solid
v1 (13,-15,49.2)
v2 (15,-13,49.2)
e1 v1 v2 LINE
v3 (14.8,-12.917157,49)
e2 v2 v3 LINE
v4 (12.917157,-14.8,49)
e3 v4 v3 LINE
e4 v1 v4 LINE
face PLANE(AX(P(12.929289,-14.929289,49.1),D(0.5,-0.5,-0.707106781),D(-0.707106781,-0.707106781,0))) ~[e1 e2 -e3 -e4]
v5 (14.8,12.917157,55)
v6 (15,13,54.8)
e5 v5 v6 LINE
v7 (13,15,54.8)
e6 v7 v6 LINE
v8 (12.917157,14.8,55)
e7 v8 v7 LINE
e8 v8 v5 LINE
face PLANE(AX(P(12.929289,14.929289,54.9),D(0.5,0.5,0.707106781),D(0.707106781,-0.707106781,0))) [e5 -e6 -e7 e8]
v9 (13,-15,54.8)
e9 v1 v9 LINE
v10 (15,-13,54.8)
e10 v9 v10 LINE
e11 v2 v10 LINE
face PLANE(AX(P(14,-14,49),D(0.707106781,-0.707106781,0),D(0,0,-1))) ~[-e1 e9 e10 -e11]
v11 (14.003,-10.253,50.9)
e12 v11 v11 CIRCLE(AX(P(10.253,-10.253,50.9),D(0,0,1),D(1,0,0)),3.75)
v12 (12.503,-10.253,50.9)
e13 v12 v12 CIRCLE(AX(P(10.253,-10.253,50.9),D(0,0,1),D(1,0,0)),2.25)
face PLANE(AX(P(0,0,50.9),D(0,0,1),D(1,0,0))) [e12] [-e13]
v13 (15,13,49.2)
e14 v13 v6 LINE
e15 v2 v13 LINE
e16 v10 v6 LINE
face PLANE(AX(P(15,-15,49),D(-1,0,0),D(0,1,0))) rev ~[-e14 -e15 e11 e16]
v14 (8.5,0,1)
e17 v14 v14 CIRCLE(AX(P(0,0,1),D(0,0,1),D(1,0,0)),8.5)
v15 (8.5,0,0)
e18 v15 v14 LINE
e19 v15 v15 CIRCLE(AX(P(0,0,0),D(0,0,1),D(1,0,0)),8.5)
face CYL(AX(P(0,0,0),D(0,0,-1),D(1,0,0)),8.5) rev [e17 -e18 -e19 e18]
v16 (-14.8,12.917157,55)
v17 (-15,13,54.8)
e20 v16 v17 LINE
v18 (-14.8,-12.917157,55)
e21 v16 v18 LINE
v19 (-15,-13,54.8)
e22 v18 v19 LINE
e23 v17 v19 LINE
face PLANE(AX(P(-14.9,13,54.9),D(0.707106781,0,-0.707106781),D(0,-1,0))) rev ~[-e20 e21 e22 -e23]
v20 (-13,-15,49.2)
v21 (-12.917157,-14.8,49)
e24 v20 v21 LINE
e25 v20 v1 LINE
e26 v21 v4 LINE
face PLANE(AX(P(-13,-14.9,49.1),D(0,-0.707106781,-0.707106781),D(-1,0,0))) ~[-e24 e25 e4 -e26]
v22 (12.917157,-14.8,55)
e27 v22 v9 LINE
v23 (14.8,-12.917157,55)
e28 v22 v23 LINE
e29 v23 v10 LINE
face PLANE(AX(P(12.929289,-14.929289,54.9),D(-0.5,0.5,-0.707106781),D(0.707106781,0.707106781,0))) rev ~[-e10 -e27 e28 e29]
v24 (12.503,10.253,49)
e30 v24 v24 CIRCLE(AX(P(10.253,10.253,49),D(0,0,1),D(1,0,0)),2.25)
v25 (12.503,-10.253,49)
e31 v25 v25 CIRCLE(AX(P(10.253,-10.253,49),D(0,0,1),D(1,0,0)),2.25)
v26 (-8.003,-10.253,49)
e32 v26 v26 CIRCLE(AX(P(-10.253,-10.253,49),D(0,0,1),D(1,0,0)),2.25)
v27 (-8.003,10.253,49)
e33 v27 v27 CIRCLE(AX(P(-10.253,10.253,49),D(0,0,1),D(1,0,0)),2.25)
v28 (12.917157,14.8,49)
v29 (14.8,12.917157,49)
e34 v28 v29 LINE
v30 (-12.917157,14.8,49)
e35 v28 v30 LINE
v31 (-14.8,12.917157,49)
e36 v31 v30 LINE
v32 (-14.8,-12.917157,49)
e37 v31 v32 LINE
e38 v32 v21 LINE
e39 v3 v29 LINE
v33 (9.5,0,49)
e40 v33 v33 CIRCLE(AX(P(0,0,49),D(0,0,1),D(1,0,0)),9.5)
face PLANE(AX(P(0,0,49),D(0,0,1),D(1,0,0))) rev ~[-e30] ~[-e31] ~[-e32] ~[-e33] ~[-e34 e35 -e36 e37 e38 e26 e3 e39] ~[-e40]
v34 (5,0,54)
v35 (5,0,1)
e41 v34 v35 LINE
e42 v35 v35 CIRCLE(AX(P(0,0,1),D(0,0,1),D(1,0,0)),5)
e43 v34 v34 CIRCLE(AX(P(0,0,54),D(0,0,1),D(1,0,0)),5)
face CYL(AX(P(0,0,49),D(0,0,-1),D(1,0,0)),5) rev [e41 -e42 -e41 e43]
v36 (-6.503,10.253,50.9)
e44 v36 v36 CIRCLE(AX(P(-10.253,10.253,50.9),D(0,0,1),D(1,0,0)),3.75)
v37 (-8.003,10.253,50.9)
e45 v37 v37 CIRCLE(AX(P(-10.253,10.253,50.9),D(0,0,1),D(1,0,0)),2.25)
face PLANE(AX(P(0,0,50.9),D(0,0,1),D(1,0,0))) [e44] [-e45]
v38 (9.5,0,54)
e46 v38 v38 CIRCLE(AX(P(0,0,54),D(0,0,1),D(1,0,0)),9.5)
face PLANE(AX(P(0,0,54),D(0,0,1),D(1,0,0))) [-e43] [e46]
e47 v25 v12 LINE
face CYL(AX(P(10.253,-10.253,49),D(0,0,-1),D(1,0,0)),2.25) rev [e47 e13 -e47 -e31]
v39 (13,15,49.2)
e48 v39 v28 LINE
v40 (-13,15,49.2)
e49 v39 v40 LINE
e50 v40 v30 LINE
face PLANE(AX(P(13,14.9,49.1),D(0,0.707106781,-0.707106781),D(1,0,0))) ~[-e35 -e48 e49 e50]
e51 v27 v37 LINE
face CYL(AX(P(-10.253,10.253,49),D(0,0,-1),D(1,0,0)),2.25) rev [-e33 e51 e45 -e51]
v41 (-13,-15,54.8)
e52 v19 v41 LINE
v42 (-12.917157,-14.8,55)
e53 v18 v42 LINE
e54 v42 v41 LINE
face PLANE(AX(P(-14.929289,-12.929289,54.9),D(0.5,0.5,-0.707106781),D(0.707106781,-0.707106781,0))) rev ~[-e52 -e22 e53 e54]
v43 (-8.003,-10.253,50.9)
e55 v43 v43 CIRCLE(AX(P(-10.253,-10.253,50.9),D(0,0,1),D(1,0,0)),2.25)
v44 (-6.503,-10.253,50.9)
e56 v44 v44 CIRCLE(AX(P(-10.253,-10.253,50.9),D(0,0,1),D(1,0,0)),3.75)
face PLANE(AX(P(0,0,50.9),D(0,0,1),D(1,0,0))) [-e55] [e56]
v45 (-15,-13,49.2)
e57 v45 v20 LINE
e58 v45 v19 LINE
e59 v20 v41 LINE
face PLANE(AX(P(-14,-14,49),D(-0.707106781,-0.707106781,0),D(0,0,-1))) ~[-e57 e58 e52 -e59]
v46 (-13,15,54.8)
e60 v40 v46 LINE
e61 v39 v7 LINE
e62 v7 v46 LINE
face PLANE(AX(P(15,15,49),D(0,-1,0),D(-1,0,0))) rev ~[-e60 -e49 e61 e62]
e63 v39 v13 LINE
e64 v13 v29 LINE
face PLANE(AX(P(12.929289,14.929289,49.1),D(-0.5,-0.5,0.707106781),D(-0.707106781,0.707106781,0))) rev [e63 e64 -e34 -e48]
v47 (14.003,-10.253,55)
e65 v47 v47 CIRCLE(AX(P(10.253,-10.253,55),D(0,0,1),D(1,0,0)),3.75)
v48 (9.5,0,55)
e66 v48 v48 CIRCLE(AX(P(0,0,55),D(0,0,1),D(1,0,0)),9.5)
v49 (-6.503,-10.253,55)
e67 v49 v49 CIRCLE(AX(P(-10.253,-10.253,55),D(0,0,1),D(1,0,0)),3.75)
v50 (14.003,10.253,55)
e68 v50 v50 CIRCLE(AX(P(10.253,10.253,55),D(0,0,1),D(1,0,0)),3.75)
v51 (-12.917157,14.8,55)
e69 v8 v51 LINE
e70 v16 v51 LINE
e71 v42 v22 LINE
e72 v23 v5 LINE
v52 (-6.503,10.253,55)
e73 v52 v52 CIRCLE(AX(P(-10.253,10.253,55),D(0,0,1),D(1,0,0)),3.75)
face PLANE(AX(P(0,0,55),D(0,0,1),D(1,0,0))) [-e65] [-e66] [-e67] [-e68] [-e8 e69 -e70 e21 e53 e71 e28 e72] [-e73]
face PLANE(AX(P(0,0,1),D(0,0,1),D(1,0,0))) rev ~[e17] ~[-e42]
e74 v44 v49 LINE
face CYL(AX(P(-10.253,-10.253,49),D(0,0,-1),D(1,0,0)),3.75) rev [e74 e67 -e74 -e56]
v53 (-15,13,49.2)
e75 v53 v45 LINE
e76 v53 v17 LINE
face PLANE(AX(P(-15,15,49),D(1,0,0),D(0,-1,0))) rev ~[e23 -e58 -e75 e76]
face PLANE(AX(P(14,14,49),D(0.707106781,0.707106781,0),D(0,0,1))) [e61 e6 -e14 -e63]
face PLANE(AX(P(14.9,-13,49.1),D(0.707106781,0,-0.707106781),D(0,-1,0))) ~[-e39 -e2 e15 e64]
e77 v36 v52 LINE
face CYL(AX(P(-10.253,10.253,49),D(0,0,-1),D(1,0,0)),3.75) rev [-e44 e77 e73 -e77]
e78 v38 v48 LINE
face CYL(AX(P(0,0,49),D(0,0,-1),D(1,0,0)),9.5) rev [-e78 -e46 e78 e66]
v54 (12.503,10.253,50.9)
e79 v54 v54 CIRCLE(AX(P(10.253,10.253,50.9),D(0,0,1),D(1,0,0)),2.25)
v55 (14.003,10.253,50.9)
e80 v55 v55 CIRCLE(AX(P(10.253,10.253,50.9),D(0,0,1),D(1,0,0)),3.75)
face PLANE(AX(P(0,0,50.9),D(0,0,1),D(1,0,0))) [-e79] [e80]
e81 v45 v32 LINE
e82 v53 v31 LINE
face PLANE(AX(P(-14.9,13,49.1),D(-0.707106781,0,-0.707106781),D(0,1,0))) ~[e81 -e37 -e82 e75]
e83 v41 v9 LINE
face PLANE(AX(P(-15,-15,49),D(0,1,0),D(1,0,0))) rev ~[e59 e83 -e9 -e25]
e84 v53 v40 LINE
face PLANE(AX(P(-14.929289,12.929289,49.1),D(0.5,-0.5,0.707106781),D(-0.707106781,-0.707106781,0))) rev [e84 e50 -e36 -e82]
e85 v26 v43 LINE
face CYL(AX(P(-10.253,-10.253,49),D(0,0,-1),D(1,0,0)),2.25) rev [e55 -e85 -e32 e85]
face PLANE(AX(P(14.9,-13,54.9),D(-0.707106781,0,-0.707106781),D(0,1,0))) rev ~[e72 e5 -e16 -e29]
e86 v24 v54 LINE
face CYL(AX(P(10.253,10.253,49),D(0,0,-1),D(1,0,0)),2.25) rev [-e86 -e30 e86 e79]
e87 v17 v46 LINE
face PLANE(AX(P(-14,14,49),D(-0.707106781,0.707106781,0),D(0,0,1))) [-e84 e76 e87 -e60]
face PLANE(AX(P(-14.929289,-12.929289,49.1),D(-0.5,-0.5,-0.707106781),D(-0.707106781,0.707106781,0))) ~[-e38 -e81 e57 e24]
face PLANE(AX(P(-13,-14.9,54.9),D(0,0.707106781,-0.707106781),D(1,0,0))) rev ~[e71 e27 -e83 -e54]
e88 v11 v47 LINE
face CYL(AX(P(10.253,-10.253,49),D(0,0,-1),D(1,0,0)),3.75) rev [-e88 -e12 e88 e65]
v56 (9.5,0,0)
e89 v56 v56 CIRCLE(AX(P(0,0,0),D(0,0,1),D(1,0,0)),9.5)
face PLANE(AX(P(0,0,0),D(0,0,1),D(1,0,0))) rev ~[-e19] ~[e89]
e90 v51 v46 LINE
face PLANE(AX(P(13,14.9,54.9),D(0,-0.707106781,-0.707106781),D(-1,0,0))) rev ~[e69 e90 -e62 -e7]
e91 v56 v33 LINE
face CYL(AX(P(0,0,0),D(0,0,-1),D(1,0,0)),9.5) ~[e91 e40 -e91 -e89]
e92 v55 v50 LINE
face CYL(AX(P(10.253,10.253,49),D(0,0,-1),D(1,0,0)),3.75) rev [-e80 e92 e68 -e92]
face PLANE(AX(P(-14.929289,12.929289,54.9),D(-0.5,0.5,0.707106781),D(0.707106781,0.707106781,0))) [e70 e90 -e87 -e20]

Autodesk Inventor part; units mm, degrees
ref_plane "YZ Plane" through (0, 0, 0) normal (1, 0, 0) x (0, 1, 0)
ref_plane "XZ Plane" through (0, 0, 0) normal (0, 1, 0) x (-1, 0, 0)
sketch "Sketch1" plane through (0, 0, 0) normal (0, 0, 1) x (1, 0, 0)
  circle A0 centre (0, 0) radius 5
  circle A1 centre (0, 0) radius 9.5
  circle A2 centre (0, 0) radius 8.5
  dimension "d" = 10
  dimension "D" = 19
  dimension "d23" = 17
extrude "Extrusion1" add sketch "Sketch1" along normal blind 49 contours A1 | A2
sketch "Sketch2" plane through (0, 0, 49) normal (0, 0, 1) x (1, 0, 0)
  circle A0 centre (0, 0) radius 9.5
  line L0 (-15, -15) -> (15, -15)
  line L1 (15, -15) -> (15, 15)
  line L2 (15, 15) -> (-15, 15)
  line L3 (-15, 15) -> (-15, -15)
  line L4 (-15, -15) -> (15, 15) construction
  line L5 (15, -15) -> (-15, 15) construction
  circle A1 centre (0, 0) radius 14.5 construction
  circle A2 centre (10.253, 10.253) radius 2.25
  circle A3 centre (10.253, 10.253) radius 3.75
  line L6 (-5.4596, 0) -> (5.4596, 0) construction
  line L7 (0, -5.5798) -> (0, 5.5798) construction
  circle A4 centre (10.253, -10.253) radius 2.25
  circle A5 centre (10.253, -10.253) radius 3.75
  circle A6 centre (-10.253, 10.253) radius 2.25
  circle A7 centre (-10.253, 10.253) radius 3.75
  circle A8 centre (-10.253, -10.253) radius 3.75
  circle A9 centre (-10.253, -10.253) radius 2.25
  circle A10 centre (0, 0) radius 5
  point P0 (15, 0)
  point P1 (0, 15)
  point P2 (0, 0)
  point P3 (0, 0)
  dimension "DP" = 29
  dimension "k" = 30
  dimension "d27" = 30
  dimension "X" = 4.5
  dimension "Y" = 7.5
ref_plane "Work Plane1" through (0, 0, 55) normal (0, 0, 1) x (1, 0, 0)
extrude "Extrusion6" cut sketch "Sketch1" along normal blind 1 contours A2
extrude "Extrusion7" add sketch "Sketch2" along normal blind 6 contours L3 L2 L1 L0
chamfer "Chamfer1" distance 2 angle 45 4 edges at (-15, -15, 52) (15, -15, 52) (15, 15, 52) (-15, 15, 52)
extrude "Extrusion8" add sketch "Sketch2" along normal blind 1.9 contours A3 | A5 | A7 | A8
extrude "Extrusion9" add sketch "Sketch2" along normal blind 5 contours A0
chamfer "Chamfer2" distance 0.2 angle 45 16 edges at (0, -15, 55) (-15, 0, 55) (0, 15, 55) (15, 0, 55) (14, -14, 55) (-14, -14, 55) (-14, 14, 55) (14, 14, 55) (-14, -14, 49) (0, -15, 49) (-15, 0, 49) (14, -14, 49) (15, 0, 49) (14, 14, 49) (0, 15, 49) (-14, 14, 49)
equation "\"d27\" = k"
equation "\"d36\" = t - z"
equation "\"z\" = 4.1"
equation "\"t\" = 6"
properties part number "RolamentoLinear10d"
